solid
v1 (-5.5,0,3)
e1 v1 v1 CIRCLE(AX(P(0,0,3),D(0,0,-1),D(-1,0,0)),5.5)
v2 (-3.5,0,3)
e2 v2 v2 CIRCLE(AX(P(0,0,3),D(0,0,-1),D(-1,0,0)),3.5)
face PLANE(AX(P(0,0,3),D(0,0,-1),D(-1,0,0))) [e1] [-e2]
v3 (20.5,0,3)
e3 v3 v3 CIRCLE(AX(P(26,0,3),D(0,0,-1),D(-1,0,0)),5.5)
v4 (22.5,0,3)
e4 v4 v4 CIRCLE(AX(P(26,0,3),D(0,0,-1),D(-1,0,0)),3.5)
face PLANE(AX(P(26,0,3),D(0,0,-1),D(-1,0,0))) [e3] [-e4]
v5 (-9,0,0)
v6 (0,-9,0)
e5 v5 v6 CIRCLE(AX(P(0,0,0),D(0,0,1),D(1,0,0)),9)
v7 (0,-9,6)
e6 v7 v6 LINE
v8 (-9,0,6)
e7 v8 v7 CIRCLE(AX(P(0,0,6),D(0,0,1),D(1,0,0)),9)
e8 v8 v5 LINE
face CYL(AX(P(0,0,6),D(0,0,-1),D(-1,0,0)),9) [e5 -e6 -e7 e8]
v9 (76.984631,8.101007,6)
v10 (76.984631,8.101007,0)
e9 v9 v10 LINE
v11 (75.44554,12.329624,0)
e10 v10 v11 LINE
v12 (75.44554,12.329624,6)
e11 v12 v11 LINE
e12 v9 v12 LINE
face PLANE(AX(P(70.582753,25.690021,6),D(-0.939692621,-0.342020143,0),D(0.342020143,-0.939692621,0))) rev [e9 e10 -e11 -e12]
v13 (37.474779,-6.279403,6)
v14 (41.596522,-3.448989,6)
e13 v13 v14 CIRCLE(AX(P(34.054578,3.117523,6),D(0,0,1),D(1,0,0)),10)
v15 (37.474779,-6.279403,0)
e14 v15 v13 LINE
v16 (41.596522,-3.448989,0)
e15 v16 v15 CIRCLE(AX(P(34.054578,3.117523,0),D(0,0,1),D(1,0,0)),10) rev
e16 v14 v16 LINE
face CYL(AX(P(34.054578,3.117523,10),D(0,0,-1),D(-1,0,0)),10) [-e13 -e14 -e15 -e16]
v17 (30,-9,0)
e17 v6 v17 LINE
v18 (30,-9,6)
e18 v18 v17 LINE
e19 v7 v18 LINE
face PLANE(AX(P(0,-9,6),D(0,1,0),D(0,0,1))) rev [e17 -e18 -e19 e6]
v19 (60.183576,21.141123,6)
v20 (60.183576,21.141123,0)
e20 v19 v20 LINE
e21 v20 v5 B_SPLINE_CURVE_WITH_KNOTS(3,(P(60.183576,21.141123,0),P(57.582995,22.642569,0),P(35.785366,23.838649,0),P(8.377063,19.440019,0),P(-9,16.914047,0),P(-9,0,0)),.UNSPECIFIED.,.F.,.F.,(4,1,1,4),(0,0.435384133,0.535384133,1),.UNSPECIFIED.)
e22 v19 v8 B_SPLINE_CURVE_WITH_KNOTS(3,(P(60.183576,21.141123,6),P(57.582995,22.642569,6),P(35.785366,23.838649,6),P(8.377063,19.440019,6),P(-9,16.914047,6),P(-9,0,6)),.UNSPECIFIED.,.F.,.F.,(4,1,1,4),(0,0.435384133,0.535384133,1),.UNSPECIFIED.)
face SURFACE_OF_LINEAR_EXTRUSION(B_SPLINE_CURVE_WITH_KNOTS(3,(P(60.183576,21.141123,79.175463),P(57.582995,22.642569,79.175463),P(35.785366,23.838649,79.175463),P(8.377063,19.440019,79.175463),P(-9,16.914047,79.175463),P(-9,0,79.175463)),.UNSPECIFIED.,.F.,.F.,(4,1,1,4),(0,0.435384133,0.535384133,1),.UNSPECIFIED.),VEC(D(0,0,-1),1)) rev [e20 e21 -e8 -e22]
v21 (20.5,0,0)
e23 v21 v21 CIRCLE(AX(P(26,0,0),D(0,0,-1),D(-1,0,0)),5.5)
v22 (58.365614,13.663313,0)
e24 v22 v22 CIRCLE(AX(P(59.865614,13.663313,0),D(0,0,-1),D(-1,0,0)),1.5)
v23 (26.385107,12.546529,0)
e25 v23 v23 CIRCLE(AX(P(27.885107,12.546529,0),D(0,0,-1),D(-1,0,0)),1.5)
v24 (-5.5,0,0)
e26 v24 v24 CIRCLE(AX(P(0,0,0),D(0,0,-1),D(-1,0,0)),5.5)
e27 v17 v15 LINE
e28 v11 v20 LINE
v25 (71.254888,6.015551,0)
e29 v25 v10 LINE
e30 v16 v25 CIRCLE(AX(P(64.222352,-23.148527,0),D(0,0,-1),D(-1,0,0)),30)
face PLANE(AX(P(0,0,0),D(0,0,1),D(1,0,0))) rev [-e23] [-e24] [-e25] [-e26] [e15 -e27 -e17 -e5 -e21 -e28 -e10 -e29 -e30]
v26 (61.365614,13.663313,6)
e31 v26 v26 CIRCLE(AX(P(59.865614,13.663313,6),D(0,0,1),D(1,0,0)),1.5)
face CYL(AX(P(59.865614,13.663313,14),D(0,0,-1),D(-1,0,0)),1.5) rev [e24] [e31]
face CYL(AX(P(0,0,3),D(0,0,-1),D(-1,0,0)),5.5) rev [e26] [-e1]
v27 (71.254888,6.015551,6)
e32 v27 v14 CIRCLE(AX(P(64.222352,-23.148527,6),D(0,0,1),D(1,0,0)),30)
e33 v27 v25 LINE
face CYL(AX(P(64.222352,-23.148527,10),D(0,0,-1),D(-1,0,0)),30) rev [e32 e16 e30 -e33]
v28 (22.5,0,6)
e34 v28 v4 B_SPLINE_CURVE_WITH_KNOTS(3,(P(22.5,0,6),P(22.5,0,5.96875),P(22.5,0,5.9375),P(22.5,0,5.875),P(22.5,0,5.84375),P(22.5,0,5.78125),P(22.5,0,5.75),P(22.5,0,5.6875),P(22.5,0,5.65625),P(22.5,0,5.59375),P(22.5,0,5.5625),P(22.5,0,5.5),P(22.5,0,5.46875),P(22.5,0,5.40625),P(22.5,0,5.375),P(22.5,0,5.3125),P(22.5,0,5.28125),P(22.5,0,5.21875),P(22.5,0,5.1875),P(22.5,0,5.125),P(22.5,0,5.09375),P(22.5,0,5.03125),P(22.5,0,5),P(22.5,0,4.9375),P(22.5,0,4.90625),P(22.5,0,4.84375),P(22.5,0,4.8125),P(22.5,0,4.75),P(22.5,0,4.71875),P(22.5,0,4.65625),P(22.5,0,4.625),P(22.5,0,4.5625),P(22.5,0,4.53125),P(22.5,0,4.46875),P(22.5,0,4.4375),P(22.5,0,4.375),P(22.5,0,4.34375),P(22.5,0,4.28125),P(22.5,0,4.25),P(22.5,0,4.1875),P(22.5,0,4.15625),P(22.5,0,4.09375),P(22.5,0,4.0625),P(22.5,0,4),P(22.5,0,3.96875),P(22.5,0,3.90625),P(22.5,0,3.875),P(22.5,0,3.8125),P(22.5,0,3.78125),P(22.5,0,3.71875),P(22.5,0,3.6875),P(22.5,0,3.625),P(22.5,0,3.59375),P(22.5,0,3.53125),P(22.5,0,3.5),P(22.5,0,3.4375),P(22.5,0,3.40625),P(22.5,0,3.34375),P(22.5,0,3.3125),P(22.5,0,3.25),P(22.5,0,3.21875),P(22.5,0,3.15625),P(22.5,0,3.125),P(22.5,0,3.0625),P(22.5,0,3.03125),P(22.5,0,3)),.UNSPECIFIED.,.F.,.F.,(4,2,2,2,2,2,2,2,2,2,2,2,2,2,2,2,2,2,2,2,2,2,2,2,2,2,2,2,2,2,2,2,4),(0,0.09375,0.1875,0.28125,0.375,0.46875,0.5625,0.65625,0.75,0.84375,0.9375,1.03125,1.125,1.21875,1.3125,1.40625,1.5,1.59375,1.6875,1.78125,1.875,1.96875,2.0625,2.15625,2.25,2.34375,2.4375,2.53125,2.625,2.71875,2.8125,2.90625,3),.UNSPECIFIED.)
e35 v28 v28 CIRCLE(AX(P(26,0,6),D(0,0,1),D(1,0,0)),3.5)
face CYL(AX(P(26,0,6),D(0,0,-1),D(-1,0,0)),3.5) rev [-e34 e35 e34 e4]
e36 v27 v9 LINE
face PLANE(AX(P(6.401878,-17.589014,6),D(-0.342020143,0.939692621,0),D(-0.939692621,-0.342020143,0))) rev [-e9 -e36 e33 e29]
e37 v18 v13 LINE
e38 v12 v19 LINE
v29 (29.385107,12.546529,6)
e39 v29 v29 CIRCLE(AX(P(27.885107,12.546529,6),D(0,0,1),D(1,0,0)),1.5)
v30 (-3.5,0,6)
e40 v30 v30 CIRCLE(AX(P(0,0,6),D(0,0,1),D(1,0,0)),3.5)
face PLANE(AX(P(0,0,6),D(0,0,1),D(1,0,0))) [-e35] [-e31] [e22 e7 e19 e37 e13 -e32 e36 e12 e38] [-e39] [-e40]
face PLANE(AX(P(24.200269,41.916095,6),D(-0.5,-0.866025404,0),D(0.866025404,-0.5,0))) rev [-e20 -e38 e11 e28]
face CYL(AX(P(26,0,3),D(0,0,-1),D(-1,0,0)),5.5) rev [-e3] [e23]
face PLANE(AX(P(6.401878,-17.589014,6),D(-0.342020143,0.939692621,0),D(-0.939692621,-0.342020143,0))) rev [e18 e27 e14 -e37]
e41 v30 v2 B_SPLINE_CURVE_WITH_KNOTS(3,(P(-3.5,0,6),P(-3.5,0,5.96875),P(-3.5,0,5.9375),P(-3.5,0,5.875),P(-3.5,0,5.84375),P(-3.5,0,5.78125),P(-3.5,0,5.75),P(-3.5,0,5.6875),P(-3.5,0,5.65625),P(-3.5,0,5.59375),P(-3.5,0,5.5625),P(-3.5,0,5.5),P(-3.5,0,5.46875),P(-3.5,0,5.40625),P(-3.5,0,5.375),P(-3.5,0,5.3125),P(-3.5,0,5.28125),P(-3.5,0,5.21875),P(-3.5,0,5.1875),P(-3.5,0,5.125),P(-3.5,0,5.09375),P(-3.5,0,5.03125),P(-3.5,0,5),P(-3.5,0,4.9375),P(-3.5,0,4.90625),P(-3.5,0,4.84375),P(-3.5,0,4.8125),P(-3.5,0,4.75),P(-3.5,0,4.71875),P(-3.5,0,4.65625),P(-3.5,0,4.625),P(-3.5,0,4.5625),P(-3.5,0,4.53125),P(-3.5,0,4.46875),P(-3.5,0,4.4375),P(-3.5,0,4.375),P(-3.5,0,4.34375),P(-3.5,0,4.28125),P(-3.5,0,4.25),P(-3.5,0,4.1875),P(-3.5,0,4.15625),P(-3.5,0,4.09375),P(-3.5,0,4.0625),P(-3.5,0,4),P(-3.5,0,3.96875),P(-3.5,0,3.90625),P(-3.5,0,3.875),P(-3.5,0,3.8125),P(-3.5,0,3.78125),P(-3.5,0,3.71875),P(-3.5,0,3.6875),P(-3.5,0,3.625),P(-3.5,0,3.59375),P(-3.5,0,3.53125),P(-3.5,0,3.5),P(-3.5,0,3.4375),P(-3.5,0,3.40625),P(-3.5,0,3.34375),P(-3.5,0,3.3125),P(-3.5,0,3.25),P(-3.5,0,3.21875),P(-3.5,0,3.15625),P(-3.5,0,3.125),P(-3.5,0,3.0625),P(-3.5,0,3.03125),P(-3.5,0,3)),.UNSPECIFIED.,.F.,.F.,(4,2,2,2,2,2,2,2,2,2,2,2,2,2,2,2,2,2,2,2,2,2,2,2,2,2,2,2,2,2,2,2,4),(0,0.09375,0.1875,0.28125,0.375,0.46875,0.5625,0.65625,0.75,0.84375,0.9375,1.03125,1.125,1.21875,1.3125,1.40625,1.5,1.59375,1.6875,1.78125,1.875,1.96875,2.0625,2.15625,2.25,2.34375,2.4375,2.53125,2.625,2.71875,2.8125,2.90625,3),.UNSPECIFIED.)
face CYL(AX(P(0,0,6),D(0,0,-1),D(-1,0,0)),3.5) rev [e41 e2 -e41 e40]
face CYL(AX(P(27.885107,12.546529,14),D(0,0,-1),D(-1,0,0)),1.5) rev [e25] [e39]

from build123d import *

# Parameters (mm, degrees)
SKETCH1_R           = 3.5
EXTRUSION1_DEPTH    = 6
SKETCH3_R           = 30
EXTRUSION3_DEPTH    = 10
FILLET2_R           = 10
BOSS_EXTRUDE1_DEPTH = 6
SKETCH8_R           = 1.5
CUT_EXTRUDE1_DEPTH  = 14
SKETCH7_R           = 5.5
CUT_EXTRUDE2_DEPTH  = 3


with BuildPart() as part:
    # Sketch1 → Extrusion1 (new body)
    with BuildSketch(Plane.XY):
        with BuildLine():
            Line((0, -9), (30, -9))
            Line((30, -9), (76.984631039, 8.101007166))
            Line((76.984631039, 8.101007166), (75.445540394, 12.32962396))
            Line((75.445540394, 12.32962396), (60.183576084, 21.141123163))
            Line((60.183576084, 21.141123163), (26.826114347, 9))
            Line((26.826114347, 9), (0, 9))
            ThreePointArc((0, 9), (-9, 0), (0, -9))
        make_face()
        with Locations(Location((0, 0, 0), (0, 0, 180))):
            Circle(SKETCH1_R, mode=Mode.SUBTRACT)
        with Locations(Location((26, 0, 0), (0, 0, 180))):
            Circle(SKETCH1_R, mode=Mode.SUBTRACT)
    extrude(amount=EXTRUSION1_DEPTH)

    # Sketch3 → Extrusion3 (cut)
    with BuildSketch(Plane(origin=(0, 0, 0), x_dir=(-1, 0, 0), z_dir=(0, 0, -1))):
        with Locations((-64.222352322, -23.14852672)):
            Circle(SKETCH3_R)
    extrude(amount=-EXTRUSION3_DEPTH, mode=Mode.SUBTRACT)

    # Fillet2
    fillet2_edges = [part.edges().sort_by_distance(p)[0] for p in [
        (40.088809532, -5.327973631, 3),
    ]]
    fillet(fillet2_edges, radius=FILLET2_R)

    # Sketch6 → Boss-Extrude1 (add)
    with BuildSketch(Plane(origin=(0, 0, 0), x_dir=(-1, 0, 0), z_dir=(0, 0, -1))):
        with BuildLine():
            ThreePointArc((0, 9), (6.363961031, 6.363961031), (9, 0))
            add(Edge.make_bspline(
                [(-60.183576084, 21.141123163), (-57.582994943, 22.642569384), (-35.785366448, 23.838648882), (-8.377062942, 19.440019234), (9, 16.91404675), (9, 0)],
                knots=[0, 0, 0, 0, 0.435384133, 0.535384133, 1, 1, 1, 1], degree=3))
            Line((-60.183576084, 21.141123163), (-26.826114347, 9))
            Line((-26.826114347, 9), (0, 9))
        make_face()
    extrude(amount=-BOSS_EXTRUDE1_DEPTH)

    # Sketch8 → Cut-Extrude1 (cut)
    with BuildSketch(Plane(origin=(0, 0, 0), x_dir=(-1, 0, 0), z_dir=(0, 0, -1))):
        with Locations((-59.865613746, 13.663313065)):
            Circle(SKETCH8_R)
        with Locations((-27.885107281, 12.546529171)):
            Circle(SKETCH8_R)
    extrude(amount=-CUT_EXTRUDE1_DEPTH, mode=Mode.SUBTRACT)

    # Sketch7 → Cut-Extrude2 (cut)
    with BuildSketch(Plane(origin=(0, 0, 0), x_dir=(-1, 0, 0), z_dir=(0, 0, -1))):
        Circle(SKETCH7_R)
        with Locations((-26, 0)):
            Circle(SKETCH7_R)
    extrude(amount=-CUT_EXTRUDE2_DEPTH, mode=Mode.SUBTRACT)


solid = part.part
